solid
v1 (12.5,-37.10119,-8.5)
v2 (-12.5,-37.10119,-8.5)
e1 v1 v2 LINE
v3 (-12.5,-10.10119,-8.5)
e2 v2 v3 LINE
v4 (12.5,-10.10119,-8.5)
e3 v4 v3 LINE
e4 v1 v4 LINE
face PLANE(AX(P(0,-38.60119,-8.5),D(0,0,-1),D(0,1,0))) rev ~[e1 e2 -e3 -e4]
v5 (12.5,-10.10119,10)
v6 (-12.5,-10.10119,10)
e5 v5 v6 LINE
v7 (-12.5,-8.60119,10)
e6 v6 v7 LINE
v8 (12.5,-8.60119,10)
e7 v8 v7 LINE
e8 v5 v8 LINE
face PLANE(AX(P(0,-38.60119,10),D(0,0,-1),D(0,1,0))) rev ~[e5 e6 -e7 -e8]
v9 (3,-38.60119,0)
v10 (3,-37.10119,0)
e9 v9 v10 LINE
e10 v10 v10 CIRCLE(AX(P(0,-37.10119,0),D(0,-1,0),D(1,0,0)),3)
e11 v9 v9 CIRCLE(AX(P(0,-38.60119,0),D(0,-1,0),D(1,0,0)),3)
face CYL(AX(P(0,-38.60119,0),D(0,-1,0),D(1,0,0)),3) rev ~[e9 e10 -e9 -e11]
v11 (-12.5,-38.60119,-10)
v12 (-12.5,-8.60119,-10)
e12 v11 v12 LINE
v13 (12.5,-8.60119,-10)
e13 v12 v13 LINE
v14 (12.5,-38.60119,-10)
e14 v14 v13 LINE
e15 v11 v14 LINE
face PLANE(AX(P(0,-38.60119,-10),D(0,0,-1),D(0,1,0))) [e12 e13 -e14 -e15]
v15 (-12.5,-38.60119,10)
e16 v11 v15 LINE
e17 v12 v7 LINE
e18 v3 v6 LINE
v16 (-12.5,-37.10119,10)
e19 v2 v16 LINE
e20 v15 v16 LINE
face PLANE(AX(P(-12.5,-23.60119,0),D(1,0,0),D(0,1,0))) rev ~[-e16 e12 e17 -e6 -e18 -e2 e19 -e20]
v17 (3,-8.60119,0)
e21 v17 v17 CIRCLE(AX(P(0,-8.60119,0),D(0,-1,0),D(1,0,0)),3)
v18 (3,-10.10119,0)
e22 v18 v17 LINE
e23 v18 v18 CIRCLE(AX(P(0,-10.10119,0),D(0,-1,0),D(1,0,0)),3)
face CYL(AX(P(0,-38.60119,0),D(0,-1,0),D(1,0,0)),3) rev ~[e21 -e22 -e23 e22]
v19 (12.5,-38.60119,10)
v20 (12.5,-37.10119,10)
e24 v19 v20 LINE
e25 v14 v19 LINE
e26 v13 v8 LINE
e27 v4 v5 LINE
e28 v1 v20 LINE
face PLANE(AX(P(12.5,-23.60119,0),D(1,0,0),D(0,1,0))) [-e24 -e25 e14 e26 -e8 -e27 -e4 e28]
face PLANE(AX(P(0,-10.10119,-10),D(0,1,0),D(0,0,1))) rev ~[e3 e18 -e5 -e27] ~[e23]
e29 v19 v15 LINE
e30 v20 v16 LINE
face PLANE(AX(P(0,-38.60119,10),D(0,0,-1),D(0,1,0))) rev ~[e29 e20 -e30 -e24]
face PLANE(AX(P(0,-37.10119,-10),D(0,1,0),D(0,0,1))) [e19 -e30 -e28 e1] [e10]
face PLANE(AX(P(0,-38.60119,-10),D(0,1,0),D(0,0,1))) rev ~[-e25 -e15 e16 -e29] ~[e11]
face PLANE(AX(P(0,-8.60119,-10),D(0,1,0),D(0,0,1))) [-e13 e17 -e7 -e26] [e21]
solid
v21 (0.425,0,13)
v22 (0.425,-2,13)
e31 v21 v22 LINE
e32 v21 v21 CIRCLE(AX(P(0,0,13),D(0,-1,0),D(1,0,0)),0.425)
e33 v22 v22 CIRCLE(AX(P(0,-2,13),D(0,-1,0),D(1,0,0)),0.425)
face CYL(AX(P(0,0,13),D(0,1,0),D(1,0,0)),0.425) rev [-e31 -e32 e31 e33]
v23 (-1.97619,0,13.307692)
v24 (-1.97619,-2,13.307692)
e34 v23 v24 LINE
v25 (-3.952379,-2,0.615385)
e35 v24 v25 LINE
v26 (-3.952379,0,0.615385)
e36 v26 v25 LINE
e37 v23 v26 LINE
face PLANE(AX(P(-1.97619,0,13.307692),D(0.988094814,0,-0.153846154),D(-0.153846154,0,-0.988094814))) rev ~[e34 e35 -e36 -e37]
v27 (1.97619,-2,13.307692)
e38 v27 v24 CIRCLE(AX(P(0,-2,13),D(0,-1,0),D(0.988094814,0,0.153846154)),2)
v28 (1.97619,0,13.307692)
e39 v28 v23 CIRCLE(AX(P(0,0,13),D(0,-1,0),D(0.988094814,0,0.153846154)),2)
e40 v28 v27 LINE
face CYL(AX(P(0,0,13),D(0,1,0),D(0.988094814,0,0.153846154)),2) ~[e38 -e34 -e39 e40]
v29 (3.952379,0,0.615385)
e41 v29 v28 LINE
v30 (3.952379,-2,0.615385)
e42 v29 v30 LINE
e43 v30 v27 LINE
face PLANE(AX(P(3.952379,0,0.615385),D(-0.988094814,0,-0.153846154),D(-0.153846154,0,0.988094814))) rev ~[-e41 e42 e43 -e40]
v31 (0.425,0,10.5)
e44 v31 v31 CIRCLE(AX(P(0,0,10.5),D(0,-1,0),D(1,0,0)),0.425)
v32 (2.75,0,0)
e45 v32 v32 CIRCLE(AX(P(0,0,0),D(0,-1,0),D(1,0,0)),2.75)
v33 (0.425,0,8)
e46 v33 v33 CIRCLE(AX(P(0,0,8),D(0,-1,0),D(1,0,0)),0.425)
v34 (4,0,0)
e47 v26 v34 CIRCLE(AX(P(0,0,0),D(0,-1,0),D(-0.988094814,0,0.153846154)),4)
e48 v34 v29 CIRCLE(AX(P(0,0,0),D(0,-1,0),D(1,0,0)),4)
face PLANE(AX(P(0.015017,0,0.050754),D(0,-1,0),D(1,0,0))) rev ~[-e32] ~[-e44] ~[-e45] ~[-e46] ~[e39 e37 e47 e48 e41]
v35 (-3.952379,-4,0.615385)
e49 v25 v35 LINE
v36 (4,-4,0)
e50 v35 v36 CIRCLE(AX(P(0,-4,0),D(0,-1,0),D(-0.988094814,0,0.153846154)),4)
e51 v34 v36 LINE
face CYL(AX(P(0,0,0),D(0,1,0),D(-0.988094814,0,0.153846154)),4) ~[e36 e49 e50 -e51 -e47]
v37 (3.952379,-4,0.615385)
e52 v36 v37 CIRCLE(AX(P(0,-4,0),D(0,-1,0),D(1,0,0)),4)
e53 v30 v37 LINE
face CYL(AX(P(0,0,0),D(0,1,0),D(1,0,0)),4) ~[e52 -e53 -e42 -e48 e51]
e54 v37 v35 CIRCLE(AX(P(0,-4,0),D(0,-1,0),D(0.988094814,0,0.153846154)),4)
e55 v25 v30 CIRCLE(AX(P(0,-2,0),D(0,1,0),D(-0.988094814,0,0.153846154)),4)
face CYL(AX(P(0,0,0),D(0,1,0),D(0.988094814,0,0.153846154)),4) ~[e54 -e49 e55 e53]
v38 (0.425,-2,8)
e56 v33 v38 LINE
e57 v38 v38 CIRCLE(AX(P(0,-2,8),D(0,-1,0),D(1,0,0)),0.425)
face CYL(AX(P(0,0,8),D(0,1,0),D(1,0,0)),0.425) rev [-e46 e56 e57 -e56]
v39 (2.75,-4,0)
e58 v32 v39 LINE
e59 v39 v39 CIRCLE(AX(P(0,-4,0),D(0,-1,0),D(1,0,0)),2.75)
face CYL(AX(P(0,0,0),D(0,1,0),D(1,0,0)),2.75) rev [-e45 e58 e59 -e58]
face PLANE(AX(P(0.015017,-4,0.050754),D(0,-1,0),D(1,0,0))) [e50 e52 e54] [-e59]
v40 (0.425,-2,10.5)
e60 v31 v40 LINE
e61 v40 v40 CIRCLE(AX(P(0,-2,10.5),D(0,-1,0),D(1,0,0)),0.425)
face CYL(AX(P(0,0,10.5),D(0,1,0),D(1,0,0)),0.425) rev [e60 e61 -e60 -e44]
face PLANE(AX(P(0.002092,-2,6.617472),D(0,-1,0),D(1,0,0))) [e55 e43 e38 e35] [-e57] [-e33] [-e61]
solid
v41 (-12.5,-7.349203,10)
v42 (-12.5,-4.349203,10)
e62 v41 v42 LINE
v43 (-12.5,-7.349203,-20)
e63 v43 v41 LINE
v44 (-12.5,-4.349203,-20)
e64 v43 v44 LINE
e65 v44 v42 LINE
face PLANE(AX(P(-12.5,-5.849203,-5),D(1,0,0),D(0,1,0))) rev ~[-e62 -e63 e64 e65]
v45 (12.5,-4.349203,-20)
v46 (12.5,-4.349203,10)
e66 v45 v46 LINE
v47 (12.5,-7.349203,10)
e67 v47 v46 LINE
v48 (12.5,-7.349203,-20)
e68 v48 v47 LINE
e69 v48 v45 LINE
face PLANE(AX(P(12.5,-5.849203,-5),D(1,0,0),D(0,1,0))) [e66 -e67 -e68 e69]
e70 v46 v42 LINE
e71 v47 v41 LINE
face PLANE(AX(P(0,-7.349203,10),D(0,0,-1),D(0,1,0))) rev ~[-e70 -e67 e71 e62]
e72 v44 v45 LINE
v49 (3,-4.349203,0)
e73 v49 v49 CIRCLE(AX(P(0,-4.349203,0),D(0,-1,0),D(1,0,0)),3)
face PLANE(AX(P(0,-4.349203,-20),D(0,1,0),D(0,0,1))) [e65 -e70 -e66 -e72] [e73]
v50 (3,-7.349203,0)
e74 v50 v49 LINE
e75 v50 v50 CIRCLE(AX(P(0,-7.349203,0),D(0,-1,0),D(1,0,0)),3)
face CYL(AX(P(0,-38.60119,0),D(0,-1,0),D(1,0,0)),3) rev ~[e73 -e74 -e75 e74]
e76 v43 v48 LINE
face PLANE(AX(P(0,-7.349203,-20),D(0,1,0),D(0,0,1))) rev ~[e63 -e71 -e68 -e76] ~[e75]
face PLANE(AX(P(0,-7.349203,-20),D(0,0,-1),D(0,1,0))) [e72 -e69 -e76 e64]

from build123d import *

# Parameters (mm, degrees)
F0_R     = 0.425
F1_DEPTH = 2
F0_R_2   = 2.75
F2_DEPTH = 4
F3_W     = 30
F3_H     = 20
F4_DEPTH = 12.5
F5_T     = -1.5
F3_W_2   = 3
F3_H_2   = 30
F6_DEPTH = 12.5
F7_R     = 3
F8_DEPTH = 38.6021898518


with BuildPart() as f1:
    # F0 (on Front) → F1 (new body)
    with BuildSketch(Plane.XZ):
        with BuildLine():
            ThreePointArc((-3.952379255, 0.6153846154), (0, 4), (3.952379255, 0.6153846154))
            Line((3.952379255, 0.6153846154), (1.9761896275, 13.3076923077))
            ThreePointArc((1.9761896275, 13.3076923077), (1.9940385221, 13.1543061001), (2, 13))
            ThreePointArc((2, 13), (-0.1543061001, 11.0059614779), (-1.9761896275, 13.3076923077))
            Line((-1.9761896275, 13.3076923077), (-3.952379255, 0.6153846154))
        make_face()
        with Locations((0, 8)):
            Circle(F0_R, mode=Mode.SUBTRACT)
        with Locations((0, 10.5)):
            Circle(F0_R, mode=Mode.SUBTRACT)
        with BuildLine():
            ThreePointArc((2, 13), (1.9940385221, 13.1543061001), (1.9761896275, 13.3076923077))
            ThreePointArc((1.9761896275, 13.3076923077), (0, 15), (-1.9761896275, 13.3076923077))
            ThreePointArc((-1.9761896275, 13.3076923077), (-0.1543061001, 11.0059614779), (2, 13))
        make_face()
        with Locations((0, 13)):
            Circle(F0_R, mode=Mode.SUBTRACT)
    extrude(amount=F1_DEPTH)

    # F0 (on Front) → F2 (join)
    with BuildSketch(Plane.XZ):
        with BuildLine():
            ThreePointArc((-3.952379255, 0.6153846154), (-0.3086122001, -3.9880770441), (4, 0))
            ThreePointArc((4, 0), (3.9880770441, 0.3086122001), (3.952379255, 0.6153846154))
            ThreePointArc((3.952379255, 0.6153846154), (0, 4), (-3.952379255, 0.6153846154))
        make_face()
        Circle(F0_R_2, mode=Mode.SUBTRACT)
    extrude(amount=F2_DEPTH)


with BuildPart() as f4:
    # F3 (on Right) → F4 (new body, symmetric)
    with BuildSketch(Plane.YZ):
        with Locations((-23.6011898518, 0)):
            Rectangle(F3_W, F3_H)
    extrude(amount=F4_DEPTH, both=True)

    # F5
    f5_openings = [f4.faces().sort_by_distance(p)[0] for p in [
        (12.5, -23.60119, 0),
        (0, -23.60119, 10),
        (-12.5, -23.60119, 0),
    ]]
    offset(amount=F5_T, openings=f5_openings)


with BuildPart() as f6:
    # F3 (on Right) → F6 (new body, symmetric)
    with BuildSketch(Plane.YZ):
        with Locations((-5.8492033407, -5)):
            Rectangle(F3_W_2, F3_H_2)
    extrude(amount=F6_DEPTH, both=True)


with BuildPart() as f8:
    # F7 (on face) → F8 (new body, through all)
    with BuildSketch(Plane.XZ.offset(38.6011898518)):
        Circle(F7_R)
    extrude(amount=-F8_DEPTH)


with BuildPart() as f4_1:
    add(f4.part)

    # F9: cut F8
    add(f8.part, mode=Mode.SUBTRACT)


with BuildPart() as f6_1:
    add(f6.part)

    # F9: cut F8
    add(f8.part, mode=Mode.SUBTRACT)


solid = Compound([f1.part, f4_1.part, f6_1.part])
